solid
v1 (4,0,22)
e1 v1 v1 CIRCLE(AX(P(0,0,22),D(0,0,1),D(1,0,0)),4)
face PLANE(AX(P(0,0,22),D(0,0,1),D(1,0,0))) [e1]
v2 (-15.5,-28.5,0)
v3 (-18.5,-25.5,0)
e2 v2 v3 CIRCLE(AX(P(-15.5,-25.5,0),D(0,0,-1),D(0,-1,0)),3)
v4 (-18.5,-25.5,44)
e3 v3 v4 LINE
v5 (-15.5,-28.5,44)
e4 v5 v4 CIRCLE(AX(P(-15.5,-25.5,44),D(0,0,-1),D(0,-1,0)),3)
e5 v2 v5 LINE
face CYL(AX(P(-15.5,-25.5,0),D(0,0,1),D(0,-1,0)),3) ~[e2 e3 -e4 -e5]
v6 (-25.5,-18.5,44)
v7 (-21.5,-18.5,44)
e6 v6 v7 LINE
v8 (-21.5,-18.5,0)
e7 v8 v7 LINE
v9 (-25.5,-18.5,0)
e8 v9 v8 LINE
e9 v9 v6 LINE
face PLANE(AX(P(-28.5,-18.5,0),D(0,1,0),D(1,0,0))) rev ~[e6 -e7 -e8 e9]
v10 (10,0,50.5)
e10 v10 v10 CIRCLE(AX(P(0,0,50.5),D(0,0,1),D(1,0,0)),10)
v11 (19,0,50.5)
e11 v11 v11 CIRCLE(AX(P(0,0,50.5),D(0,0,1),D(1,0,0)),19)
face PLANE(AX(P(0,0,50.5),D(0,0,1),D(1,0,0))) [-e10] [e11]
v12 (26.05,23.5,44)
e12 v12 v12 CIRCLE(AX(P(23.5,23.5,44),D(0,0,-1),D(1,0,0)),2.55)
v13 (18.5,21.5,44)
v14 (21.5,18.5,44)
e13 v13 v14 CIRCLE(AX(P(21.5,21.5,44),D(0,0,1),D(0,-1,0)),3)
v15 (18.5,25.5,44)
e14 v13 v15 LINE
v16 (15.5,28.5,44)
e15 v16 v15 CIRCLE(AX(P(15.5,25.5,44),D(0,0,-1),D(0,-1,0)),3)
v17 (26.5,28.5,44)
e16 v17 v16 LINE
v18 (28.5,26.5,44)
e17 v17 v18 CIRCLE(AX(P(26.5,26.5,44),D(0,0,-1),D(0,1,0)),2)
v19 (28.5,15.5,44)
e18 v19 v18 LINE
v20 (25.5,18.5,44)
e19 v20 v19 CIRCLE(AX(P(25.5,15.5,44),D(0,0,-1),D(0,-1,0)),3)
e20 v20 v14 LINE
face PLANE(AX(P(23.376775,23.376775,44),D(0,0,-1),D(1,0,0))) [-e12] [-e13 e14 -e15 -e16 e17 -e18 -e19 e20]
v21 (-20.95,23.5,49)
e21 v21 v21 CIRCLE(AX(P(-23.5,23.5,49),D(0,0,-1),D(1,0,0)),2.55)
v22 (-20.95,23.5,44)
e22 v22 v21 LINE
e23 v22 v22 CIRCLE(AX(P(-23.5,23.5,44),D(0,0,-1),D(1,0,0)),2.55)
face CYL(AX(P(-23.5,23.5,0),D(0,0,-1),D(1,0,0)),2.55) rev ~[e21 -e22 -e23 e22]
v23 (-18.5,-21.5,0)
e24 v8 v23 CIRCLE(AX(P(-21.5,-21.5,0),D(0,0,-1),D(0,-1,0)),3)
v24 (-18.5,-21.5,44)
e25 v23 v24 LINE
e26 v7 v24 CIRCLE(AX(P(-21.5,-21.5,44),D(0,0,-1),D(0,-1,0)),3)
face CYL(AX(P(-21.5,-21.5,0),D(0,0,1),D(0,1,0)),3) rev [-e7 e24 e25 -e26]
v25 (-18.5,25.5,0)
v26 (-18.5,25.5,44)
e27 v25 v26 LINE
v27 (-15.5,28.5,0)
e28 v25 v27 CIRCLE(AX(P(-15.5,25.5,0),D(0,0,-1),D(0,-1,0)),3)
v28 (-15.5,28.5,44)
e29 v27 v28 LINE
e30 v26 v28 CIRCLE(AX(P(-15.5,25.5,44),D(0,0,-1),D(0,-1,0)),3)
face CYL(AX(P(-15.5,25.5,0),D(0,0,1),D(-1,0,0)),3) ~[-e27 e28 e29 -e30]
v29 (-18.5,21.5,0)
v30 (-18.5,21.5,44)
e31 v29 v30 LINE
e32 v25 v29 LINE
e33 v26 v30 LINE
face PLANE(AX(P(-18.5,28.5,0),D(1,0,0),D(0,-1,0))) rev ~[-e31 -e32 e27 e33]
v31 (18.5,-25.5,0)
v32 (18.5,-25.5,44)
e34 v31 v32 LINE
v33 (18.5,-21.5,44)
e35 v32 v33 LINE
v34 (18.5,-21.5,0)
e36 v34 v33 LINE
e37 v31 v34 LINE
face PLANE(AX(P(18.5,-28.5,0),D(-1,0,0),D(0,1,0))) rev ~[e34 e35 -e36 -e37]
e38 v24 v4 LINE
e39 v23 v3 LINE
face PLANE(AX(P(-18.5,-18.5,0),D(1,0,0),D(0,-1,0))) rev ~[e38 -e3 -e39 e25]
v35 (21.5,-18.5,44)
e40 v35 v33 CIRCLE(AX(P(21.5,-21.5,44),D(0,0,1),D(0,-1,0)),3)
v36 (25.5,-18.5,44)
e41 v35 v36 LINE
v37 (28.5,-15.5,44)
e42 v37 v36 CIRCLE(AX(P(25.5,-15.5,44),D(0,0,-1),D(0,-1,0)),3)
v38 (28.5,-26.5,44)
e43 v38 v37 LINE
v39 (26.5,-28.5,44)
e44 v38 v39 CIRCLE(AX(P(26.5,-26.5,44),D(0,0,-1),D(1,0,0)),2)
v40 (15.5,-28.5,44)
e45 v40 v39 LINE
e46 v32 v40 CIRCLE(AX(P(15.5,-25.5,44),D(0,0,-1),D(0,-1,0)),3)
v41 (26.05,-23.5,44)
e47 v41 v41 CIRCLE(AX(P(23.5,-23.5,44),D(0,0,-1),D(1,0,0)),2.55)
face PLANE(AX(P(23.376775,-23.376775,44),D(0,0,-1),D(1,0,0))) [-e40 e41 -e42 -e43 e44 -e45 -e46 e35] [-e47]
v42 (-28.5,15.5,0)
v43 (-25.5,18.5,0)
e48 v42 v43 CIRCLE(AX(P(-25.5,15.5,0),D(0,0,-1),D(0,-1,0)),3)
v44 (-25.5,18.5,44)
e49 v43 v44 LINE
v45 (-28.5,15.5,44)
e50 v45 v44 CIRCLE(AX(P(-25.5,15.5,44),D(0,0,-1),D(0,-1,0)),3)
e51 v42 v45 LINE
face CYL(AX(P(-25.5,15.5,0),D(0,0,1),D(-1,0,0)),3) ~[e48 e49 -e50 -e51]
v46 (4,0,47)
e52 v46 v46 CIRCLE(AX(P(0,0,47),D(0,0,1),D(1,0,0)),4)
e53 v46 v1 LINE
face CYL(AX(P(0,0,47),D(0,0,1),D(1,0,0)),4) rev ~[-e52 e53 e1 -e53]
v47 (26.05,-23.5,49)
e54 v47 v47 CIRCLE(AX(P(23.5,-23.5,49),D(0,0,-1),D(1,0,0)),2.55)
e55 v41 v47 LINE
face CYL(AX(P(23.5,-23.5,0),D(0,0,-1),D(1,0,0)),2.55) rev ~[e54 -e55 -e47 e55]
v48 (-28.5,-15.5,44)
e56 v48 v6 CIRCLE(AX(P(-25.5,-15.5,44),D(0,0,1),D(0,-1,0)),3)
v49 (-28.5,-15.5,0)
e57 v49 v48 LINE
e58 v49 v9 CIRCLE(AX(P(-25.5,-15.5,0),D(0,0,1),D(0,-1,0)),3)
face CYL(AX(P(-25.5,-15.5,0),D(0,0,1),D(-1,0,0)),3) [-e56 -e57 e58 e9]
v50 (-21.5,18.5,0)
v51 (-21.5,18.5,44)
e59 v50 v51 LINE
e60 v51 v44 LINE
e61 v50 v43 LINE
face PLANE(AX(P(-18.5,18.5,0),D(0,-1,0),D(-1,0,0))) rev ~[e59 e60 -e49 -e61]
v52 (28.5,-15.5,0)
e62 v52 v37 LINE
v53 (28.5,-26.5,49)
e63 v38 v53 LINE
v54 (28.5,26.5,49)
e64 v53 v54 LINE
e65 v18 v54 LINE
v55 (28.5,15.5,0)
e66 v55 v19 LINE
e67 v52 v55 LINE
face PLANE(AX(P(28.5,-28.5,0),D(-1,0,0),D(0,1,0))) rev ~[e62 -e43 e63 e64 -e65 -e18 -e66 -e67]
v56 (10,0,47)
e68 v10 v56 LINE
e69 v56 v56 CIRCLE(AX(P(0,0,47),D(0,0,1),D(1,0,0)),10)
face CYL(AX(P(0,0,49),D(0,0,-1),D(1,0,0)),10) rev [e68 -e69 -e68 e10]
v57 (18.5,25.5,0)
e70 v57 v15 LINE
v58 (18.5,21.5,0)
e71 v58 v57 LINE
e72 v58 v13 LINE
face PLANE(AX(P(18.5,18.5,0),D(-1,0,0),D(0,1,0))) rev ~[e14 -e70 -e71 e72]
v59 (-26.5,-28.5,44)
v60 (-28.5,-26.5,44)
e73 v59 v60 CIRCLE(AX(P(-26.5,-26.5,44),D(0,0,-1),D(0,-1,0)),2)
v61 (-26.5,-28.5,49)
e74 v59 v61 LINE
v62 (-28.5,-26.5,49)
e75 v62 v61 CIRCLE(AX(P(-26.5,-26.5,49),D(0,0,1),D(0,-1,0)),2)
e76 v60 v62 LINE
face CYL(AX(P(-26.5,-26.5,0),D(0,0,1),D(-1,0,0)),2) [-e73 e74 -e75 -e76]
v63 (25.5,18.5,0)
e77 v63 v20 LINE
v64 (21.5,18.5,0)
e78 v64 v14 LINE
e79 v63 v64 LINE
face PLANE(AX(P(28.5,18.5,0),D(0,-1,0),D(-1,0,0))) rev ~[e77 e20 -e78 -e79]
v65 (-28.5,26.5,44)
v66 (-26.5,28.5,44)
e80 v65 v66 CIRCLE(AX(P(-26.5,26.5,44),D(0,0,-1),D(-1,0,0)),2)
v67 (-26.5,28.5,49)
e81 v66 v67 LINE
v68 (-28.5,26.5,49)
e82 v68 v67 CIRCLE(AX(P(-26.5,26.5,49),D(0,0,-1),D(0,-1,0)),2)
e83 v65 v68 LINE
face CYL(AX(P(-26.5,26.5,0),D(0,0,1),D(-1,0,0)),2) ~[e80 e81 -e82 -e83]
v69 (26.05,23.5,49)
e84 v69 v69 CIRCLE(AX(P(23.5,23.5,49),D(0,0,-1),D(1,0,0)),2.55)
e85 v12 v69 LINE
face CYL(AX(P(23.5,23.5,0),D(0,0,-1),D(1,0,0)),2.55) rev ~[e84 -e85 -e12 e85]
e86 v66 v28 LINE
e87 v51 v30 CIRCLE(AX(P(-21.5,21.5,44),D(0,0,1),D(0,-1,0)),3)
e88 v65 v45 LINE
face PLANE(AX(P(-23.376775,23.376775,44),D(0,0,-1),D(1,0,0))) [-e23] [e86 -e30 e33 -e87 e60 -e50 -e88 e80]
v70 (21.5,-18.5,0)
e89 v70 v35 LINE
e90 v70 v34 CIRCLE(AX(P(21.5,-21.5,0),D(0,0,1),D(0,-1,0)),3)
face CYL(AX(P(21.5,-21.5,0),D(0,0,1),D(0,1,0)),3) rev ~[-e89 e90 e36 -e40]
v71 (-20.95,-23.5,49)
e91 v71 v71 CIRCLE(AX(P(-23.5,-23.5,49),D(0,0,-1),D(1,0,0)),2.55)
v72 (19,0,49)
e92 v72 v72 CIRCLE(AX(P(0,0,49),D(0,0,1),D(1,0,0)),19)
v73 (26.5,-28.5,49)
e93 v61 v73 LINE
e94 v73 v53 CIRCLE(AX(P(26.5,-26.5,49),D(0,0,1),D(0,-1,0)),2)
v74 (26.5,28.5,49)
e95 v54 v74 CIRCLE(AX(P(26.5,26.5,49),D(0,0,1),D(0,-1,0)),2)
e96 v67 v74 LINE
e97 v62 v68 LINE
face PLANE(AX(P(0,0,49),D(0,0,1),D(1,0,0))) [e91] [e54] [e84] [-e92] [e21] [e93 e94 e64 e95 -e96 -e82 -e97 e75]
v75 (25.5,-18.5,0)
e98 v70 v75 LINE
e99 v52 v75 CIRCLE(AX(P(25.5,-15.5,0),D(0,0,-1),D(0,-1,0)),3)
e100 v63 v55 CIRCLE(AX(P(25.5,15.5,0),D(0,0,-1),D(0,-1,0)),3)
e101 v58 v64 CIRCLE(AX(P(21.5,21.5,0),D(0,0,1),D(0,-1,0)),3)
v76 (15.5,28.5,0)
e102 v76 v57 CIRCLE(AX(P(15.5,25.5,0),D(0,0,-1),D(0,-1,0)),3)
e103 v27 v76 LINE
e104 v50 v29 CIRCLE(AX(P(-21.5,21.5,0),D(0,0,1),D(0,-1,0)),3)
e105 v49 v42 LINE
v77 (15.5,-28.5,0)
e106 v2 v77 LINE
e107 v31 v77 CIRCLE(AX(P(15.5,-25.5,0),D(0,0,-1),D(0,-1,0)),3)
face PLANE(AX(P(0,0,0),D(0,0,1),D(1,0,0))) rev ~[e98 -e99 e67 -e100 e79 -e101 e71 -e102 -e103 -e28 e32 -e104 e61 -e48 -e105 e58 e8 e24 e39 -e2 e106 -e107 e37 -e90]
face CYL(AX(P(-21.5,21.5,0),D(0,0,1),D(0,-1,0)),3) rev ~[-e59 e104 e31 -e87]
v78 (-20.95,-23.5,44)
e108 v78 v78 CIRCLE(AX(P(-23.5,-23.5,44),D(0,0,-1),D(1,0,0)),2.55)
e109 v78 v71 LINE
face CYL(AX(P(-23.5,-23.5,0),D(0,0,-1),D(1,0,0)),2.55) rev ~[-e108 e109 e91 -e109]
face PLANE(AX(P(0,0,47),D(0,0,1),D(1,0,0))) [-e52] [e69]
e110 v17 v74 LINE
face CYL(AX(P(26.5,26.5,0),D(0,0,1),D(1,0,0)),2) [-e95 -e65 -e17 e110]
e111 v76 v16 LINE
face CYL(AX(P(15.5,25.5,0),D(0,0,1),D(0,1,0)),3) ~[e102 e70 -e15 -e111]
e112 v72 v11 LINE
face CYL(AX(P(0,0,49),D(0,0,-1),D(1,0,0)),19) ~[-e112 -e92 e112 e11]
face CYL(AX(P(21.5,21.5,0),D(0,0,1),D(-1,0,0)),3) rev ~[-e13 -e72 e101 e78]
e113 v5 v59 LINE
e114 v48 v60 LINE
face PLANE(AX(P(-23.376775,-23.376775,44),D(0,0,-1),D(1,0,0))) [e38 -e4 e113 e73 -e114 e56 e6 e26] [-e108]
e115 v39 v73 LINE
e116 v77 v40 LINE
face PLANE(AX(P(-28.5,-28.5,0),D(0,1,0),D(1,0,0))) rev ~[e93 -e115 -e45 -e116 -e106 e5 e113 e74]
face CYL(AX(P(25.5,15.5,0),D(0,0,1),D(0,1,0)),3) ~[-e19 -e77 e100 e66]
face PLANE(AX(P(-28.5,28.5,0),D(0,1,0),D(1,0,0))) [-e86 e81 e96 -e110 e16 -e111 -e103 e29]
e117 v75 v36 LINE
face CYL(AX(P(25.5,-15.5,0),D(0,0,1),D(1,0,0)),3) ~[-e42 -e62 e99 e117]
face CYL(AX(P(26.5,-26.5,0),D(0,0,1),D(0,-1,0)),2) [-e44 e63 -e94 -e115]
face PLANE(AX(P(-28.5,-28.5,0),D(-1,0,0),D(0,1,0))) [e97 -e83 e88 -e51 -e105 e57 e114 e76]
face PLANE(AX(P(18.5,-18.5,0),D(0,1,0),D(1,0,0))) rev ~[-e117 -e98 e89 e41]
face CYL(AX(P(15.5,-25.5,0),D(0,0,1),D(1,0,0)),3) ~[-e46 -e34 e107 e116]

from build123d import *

# Parameters (mm, degrees)
F0_W      = 57
F0_H      = 57
F1_DEPTH  = 49
F2_R      = 2
F3_R      = 2.55
F4_DEPTH  = 49.001
F5_R      = 2.55
F6_DEPTH  = 44
F7_R      = 3
F8_R      = 10
F9_DEPTH  = 2
F10_R     = 4
F11_DEPTH = 25
F12_R     = 19
F12_R_2   = 10
F13_DEPTH = 1.5


with BuildPart() as f1:
    # F0 (on Top) → F1 (new body)
    with BuildSketch(Plane.XY):
        Rectangle(F0_W, F0_H)
    extrude(amount=F1_DEPTH)

    # F2
    f2_edges = [f1.edges().sort_by_distance(p)[0] for p in [
        (-28.5, -28.5, 24.5),
        (28.5, -28.5, 24.5),
        (28.5, 28.5, 24.5),
        (-28.5, 28.5, 24.5),
    ]]
    fillet(f2_edges, radius=F2_R)

    # F3 (on face) → F4 (cut, through all)
    with BuildSketch(Plane(origin=(0, 0, 0), x_dir=(1, 0, 0), z_dir=(0, 0, -1))):
        with Locations((-23.5, -23.5)):
            Circle(F3_R)
        with Locations((-23.5, 23.5)):
            Circle(F3_R)
        with Locations((23.5, 23.5)):
            Circle(F3_R)
        with Locations((23.5, -23.5)):
            Circle(F3_R)
    extrude(amount=-F4_DEPTH, mode=Mode.SUBTRACT)

    # F5 (on face) → F6 (cut)
    with BuildSketch(Plane(origin=(0, 0, 0), x_dir=(1, 0, 0), z_dir=(0, 0, -1))):
        with BuildLine():
            Line((-26.5, -28.5), (-18.5, -28.5))
            Line((-18.5, -28.5), (-18.5, -18.5))
            Line((-18.5, -18.5), (-28.5, -18.5))
            Line((-28.5, -18.5), (-28.5, -26.5))
            ThreePointArc((-28.5, -26.5), (-27.9142135624, -27.9142135624), (-26.5, -28.5))
        make_face()
        with Locations((-23.5, -23.5)):
            Circle(F5_R, mode=Mode.SUBTRACT)
        with BuildLine():
            Line((28.5, -26.5), (28.5, -18.5))
            Line((28.5, -18.5), (18.5, -18.5))
            Line((18.5, -18.5), (18.5, -28.5))
            Line((18.5, -28.5), (26.5, -28.5))
            ThreePointArc((26.5, -28.5), (27.9142135624, -27.9142135624), (28.5, -26.5))
        make_face()
        with Locations((23.5, -23.5)):
            Circle(F5_R, mode=Mode.SUBTRACT)
        with BuildLine():
            Line((18.5, 18.5), (28.5, 18.5))
            Line((28.5, 18.5), (28.5, 26.5))
            ThreePointArc((28.5, 26.5), (27.9142135624, 27.9142135624), (26.5, 28.5))
            Line((26.5, 28.5), (18.5, 28.5))
            Line((18.5, 28.5), (18.5, 18.5))
        make_face()
        with Locations((23.5, 23.5)):
            Circle(F5_R, mode=Mode.SUBTRACT)
        with BuildLine():
            Line((-18.5, 18.5), (-18.5, 28.5))
            Line((-18.5, 28.5), (-26.5, 28.5))
            ThreePointArc((-26.5, 28.5), (-27.9142135624, 27.9142135624), (-28.5, 26.5))
            Line((-28.5, 26.5), (-28.5, 18.5))
            Line((-28.5, 18.5), (-18.5, 18.5))
        make_face()
        with Locations((-23.5, 23.5)):
            Circle(F5_R, mode=Mode.SUBTRACT)
    extrude(amount=-F6_DEPTH, mode=Mode.SUBTRACT)

    # F7
    f7_edges = [f1.edges().sort_by_distance(p)[0] for p in [
        (-18.5, -18.5, 22),
        (-18.5, -28.5, 22),
        (-28.5, -18.5, 22),
        (-28.5, 18.5, 22),
        (-18.5, 28.5, 22),
        (18.5, -28.5, 22),
        (28.5, -18.5, 22),
        (-18.5, 18.5, 22),
        (28.5, 18.5, 22),
        (18.5, 28.5, 22),
        (18.5, 18.5, 22),
        (18.5, -18.5, 22),
    ]]
    fillet(f7_edges, radius=F7_R)

    # F8 (on face) → F9 (cut)
    with BuildSketch(Plane.XY.offset(49)):
        Circle(F8_R)
    extrude(amount=-F9_DEPTH, mode=Mode.SUBTRACT)

    # F10 (on face) → F11 (cut)
    with BuildSketch(Plane.XY.offset(47)):
        Circle(F10_R)
    extrude(amount=-F11_DEPTH, mode=Mode.SUBTRACT)

    # F12 (on face) → F13 (join)
    with BuildSketch(Plane.XY.offset(49)):
        Circle(F12_R)
        Circle(F12_R_2, mode=Mode.SUBTRACT)
    extrude(amount=F13_DEPTH)


solid = f1.part
